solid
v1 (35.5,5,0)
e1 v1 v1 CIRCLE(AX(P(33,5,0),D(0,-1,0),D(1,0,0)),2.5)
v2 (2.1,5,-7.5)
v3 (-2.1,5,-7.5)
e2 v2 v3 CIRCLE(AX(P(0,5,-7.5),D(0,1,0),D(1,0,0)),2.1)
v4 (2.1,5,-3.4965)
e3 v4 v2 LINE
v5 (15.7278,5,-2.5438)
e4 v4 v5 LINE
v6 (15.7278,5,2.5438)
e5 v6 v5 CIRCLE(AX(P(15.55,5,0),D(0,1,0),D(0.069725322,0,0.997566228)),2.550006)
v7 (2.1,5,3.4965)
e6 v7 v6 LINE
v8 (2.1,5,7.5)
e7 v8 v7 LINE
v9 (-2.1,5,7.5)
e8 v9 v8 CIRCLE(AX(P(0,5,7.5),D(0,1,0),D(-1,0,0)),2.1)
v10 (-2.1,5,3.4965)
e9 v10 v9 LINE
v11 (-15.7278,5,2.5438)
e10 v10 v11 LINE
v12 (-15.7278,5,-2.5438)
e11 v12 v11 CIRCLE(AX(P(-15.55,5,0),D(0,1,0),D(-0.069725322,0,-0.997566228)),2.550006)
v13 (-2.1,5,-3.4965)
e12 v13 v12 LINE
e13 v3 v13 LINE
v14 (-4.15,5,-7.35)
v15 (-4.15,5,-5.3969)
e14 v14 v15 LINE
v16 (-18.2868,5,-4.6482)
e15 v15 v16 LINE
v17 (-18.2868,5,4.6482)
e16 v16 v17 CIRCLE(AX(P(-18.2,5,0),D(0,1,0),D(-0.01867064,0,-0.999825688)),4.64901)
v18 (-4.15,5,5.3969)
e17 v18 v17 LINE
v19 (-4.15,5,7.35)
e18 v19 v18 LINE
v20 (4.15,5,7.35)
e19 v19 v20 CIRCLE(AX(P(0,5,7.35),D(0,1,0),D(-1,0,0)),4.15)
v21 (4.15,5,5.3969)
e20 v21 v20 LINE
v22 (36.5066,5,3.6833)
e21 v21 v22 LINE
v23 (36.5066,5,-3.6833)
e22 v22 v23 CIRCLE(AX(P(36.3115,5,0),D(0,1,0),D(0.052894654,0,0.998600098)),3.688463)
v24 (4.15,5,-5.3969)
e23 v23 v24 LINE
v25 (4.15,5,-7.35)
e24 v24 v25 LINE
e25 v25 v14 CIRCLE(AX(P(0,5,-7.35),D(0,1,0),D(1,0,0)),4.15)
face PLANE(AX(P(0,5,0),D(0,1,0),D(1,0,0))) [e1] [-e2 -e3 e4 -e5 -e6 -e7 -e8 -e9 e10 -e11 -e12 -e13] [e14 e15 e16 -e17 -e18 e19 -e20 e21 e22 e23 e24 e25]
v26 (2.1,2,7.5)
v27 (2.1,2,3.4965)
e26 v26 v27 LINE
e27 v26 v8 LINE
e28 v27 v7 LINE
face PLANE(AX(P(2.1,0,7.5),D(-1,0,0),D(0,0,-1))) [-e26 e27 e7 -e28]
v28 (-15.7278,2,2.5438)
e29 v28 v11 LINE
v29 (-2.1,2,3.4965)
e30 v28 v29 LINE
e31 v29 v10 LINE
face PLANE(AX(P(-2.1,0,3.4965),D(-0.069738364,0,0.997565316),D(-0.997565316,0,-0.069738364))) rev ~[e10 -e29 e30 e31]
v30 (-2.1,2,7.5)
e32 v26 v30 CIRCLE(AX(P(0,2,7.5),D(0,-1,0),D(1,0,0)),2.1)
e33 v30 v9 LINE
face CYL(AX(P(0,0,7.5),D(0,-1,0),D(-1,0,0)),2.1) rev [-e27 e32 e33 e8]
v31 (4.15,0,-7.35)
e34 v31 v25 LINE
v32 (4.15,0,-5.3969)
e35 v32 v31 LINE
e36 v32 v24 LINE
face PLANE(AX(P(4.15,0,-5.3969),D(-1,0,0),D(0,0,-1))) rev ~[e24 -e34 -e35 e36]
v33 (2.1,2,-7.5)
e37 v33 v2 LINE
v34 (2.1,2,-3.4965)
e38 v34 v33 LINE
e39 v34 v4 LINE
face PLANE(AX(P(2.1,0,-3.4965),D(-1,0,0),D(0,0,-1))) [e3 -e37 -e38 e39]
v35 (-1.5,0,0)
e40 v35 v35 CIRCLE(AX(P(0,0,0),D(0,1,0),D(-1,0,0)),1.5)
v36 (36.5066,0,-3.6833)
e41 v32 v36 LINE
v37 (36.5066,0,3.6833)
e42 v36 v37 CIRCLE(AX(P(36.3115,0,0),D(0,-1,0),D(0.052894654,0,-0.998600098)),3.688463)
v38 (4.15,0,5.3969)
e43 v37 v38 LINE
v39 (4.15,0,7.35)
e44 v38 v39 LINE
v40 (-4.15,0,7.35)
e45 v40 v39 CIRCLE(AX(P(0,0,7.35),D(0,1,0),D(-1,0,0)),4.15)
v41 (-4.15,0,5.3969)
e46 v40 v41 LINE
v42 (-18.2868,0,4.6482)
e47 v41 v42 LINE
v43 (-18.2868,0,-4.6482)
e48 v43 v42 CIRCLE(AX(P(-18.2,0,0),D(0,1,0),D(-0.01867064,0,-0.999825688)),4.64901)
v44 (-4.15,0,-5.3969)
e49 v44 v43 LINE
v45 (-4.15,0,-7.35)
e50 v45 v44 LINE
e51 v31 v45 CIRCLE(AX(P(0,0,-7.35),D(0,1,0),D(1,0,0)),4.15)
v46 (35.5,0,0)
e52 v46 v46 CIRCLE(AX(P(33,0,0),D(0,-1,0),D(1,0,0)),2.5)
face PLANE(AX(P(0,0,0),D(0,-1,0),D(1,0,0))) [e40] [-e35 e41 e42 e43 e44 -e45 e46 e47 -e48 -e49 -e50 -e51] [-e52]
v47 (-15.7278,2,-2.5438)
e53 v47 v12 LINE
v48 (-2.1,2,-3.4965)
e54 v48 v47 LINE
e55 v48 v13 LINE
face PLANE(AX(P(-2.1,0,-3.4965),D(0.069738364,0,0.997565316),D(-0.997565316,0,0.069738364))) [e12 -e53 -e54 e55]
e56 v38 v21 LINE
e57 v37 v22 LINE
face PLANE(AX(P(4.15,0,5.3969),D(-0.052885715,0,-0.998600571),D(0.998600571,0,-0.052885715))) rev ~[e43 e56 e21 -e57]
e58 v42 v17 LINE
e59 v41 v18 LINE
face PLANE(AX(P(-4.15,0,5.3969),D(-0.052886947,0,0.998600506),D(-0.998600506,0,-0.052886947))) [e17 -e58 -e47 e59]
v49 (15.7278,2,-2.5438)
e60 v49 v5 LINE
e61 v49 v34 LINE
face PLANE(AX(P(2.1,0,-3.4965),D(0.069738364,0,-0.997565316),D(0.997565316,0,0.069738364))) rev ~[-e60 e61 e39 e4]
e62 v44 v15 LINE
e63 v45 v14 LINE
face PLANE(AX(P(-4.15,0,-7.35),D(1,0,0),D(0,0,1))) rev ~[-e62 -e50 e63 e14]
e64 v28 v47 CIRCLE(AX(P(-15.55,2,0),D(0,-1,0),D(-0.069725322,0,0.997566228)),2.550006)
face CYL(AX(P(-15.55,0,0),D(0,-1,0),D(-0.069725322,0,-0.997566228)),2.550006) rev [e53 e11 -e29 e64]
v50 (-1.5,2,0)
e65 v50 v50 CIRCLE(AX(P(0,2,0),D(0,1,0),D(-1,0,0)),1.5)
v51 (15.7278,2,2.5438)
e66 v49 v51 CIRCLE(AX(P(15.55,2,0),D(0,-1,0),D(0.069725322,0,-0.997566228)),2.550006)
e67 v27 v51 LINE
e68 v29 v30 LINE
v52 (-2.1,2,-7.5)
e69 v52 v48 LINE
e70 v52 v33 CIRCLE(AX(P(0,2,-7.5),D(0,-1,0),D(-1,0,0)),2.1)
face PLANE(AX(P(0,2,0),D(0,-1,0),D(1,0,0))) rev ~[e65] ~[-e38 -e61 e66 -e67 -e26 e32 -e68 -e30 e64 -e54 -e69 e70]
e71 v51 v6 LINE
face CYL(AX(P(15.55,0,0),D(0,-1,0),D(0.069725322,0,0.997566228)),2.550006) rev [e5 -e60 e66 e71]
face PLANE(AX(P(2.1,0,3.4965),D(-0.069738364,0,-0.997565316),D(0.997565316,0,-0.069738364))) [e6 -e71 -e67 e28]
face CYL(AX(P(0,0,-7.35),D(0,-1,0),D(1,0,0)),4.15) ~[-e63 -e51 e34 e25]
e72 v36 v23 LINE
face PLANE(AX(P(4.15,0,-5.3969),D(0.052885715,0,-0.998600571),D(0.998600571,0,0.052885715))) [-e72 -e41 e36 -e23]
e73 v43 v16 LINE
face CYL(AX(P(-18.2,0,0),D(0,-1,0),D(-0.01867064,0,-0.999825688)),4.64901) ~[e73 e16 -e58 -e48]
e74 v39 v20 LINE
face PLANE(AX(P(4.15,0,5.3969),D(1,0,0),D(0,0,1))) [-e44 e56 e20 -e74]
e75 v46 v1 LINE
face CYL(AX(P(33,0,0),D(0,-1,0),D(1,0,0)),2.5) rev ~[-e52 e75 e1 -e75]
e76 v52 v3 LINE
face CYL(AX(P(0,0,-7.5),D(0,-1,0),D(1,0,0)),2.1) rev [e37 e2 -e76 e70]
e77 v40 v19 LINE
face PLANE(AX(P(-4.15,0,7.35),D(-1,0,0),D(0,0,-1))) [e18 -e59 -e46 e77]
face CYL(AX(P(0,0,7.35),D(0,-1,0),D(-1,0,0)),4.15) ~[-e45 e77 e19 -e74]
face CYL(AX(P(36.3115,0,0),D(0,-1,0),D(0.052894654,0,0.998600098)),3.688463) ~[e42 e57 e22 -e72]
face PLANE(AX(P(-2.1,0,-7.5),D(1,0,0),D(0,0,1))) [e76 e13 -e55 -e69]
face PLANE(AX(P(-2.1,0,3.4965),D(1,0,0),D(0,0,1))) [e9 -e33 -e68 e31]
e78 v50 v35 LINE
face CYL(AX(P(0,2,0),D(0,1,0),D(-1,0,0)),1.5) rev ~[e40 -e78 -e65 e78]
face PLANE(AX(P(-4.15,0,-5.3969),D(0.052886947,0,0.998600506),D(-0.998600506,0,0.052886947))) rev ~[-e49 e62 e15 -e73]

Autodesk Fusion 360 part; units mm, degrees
sketch "Boceto1" plane through (0, 0, 0) normal (0, 1, 0) x (1, 0, 0)
  line L0 (0, 0) -> (0, 17.5982) construction
  line L1 (0, 0) -> (24, 0) construction
  line L2 (0, 0) -> (0, 7.35) construction
  line L3 (-4.15, -5.3969) -> (-18.2868, -4.6482)
  arc A0 (-18.2868, 4.6482) -> (-18.2868, -4.6482) centre (-18.2, 0) ccw
  line L4 (-4.15, 5.3969) -> (-18.2868, 4.6482)
  line L5 (-4.15, 7.35) -> (-4.15, 5.3969)
  arc A1 (4.15, 7.35) -> (-4.15, 7.35) centre (0, 7.35) ccw
  line L6 (4.15, 5.3969) -> (4.15, 7.35)
  line L7 (4.15, 5.3969) -> (36.5066, 3.6833)
  line L8 (4.15, -5.3969) -> (36.5066, -3.6833)
  line L9 (4.15, -5.3969) -> (4.15, -7.35)
  arc A2 (-4.15, -7.35) -> (4.15, -7.35) centre (0, -7.35) ccw
  line L10 (-4.15, -7.35) -> (-4.15, -5.3969)
  line L11 (40, 9) -> (40, -14)
  arc A3 (18.2443, -4.6505) -> (18.6472, -4.6291) centre (18.2, 0) ccw
  arc A4 (18.6472, 4.6291) -> (18.2443, 4.6505) centre (18.2, 0) ccw
  arc A5 (36.5066, -3.6833) -> (36.5066, 3.6833) centre (36.3115, 0) ccw
  arc A6 (2.1, 7.5) -> (-2.1, 7.5) centre (0, 7.5) ccw
  arc A7 (-2.1, -7.5) -> (2.1, -7.5) centre (0, -7.5) ccw
  line L12 (0, -7.5) -> (0, 7.5) construction
  line L13 (2.1, 3.4965) -> (15.7278, 2.5438)
  line L14 (2.1, -3.4965) -> (15.7278, -2.5438)
  line L15 (2.1, -7.5) -> (2.1, -3.4965)
  line L16 (2.1, 3.4965) -> (2.1, 7.5)
  arc A8 (15.7278, -2.5438) -> (15.7278, 2.5438) centre (15.55, 0) ccw
  line L17 (-2.1, 3.4965) -> (-15.7278, 2.5438)
  line L18 (-2.1, -3.4965) -> (-15.7278, -2.5438)
  arc A9 (-15.7278, 2.5438) -> (-15.7278, -2.5438) centre (-15.55, 0) ccw
  line L19 (-2.1, 7.5) -> (-2.1, 3.4965)
  line L20 (-2.1, -3.4965) -> (-2.1, -7.5)
  line L21 (-3.5359, 3.4965) -> (-2.1, 3.4965) construction
  point P0 (0, 9.5)
  point P1 (0, -9.5)
  point P2 (-20.85, 0)
  point P3 (20.85, 0)
  point P4 (0, 9.6)
  point P5 (0, -9.6)
  point P6 (0, 11.5)
  point P7 (-18.1, 0)
  point P8 (18.1, 0)
  dimension "d10" = 40
  dimension "d26" = 4.2
  dimension "d32" = 5.1
  dimension "d33" = 18.1
  dimension "d35" = 9.6
extrude "Extruir1" add sketch "Boceto1" along normal blind 5 contours L3 A0 L4 L5 A1 L6 L7 L8 L9 A2 L10 A5
sketch "Boceto2" plane through (0, 0, 0) normal (0, -1, 0) x (1, 0, 0)
  line L0 (36.5066, 3.6833) -> (4.15, 5.3969)
  line L1 (4.15, 5.3969) -> (4.15, 7.35)
  arc A0 (4.15, 7.35) -> (-4.15, 7.35) centre (0, 7.35) ccw
  line L2 (-4.15, 7.35) -> (-4.15, 5.3969)
  line L3 (-4.15, 5.3969) -> (-18.2868, 4.6482)
  arc A1 (-18.2868, 4.6482) -> (-18.2868, -4.6482) centre (-18.2, 0) ccw
  line L4 (-18.2868, -4.6482) -> (-4.15, -5.3969)
  line L5 (-4.15, -5.3969) -> (-4.15, -7.35)
  arc A2 (-4.15, -7.35) -> (4.15, -7.35) centre (0, -7.35) ccw
  line L6 (4.15, -7.35) -> (4.15, -5.3969)
  line L7 (4.15, -5.3969) -> (36.5066, -3.6833)
  arc A3 (36.5066, -3.6833) -> (36.5066, 3.6833) centre (36.3115, 0) ccw
  line L8 (4.15, 5.3969) -> (36.5066, 3.6833)
  line L9 (0, 0) -> (48.5, 0) construction
  circle A4 centre (33, 0) radius 2.5
  arc A5 (2.1, 7.5) -> (-2.1, 7.5) centre (0, 7.5) ccw
  arc A6 (-2.1, -7.5) -> (2.1, -7.5) centre (0, -7.5) ccw
  line L10 (2.1, -3.4965) -> (2.1, -7.5)
  line L11 (-2.1, -7.5) -> (-2.1, -3.4965)
  line L12 (-2.1, -3.4965) -> (-15.7278, -2.5438)
  arc A7 (-15.7278, 2.5438) -> (-15.7278, -2.5438) centre (-15.55, 0) ccw
  line L13 (-15.7278, 2.5438) -> (-2.1, 3.4965)
  line L14 (-2.1, 3.4965) -> (-2.1, 7.5)
  line L15 (2.1, 7.5) -> (2.1, 3.4965)
  line L16 (2.1, 3.4965) -> (15.7278, 2.5438)
  arc A8 (15.7278, -2.5438) -> (15.7278, 2.5438) centre (15.55, 0) ccw
  line L17 (15.7278, -2.5438) -> (2.1, -3.4965)
  point P0 (34.0022, 2.75)
  point P1 (32.9604, 2.4997)
  dimension "d21" = 5
  dimension "d22" = 33
extrude "Extruir3" cut sketch "Boceto2" against normal through all contours A4
extrude "Extrude4" add sketch "Boceto2" against normal blind 2 contours A5 A6 L10 L11 L12 A7 L13 L14 L15 L16 A8 L17
sketch "Boceto3" plane through (0, 2, 0) normal (0, 1, 0) x (-1, 0, 0)
  arc A0 (2.1, 7.5) -> (-2.1, 7.5) centre (0, 7.5) ccw
  line L0 (-2.1, 7.5) -> (-2.1, 3.4965)
  line L1 (-2.1, 3.4965) -> (-15.7278, 2.5438)
  arc A1 (-15.7278, 2.5438) -> (-15.7278, -2.5438) centre (-15.55, 0) ccw
  line L2 (-15.7278, -2.5438) -> (-2.1, -3.4965)
  line L3 (-2.1, -3.4965) -> (-2.1, -7.5)
  arc A2 (-2.1, -7.5) -> (2.1, -7.5) centre (0, -7.5) ccw
  line L4 (2.1, -7.5) -> (2.1, -3.4965)
  line L5 (2.1, -3.4965) -> (15.7278, -2.5438)
  arc A3 (15.7278, -2.5438) -> (15.7278, 2.5438) centre (15.55, 0) ccw
  line L6 (15.7278, 2.5438) -> (2.1, 3.4965)
  line L7 (2.1, 3.4965) -> (2.1, 7.5)
  circle A4 centre (0, 0) radius 1.5
  dimension "d38" = 3
extrude "Extruir5" cut sketch "Boceto3" against normal through all contours A4
sketch "Boceto4" plane through (0, 0, 0) normal (0, -1, 0) x (1, 0, 0)
  circle A0 centre (0, 0) radius 1.5
  circle A1 centre (33, 0) radius 2.5
  line L0 (36.5066, 3.6833) -> (4.15, 5.3969)
  line L1 (4.15, 5.3969) -> (4.15, 7.35)
  arc A2 (4.15, 7.35) -> (-4.15, 7.35) centre (0, 7.35) ccw
  line L2 (-4.15, 7.35) -> (-4.15, 5.3969)
  line L3 (-4.15, 5.3969) -> (-18.2868, 4.6482)
  arc A3 (-18.2868, 4.6482) -> (-18.2868, -4.6482) centre (-18.2, 0) ccw
  line L4 (-18.2868, -4.6482) -> (-4.15, -5.3969)
  line L5 (-4.15, -5.3969) -> (-4.15, -7.35)
  arc A4 (-4.15, -7.35) -> (4.15, -7.35) centre (0, -7.35) ccw
  line L6 (4.15, -7.35) -> (4.15, -5.3969)
  line L7 (4.15, -5.3969) -> (36.5066, -3.6833)
  arc A5 (36.5066, -3.6833) -> (36.5066, 3.6833) centre (36.3115, 0) ccw
  line L8 (-22.849, 0) -> (40, 0) construction
equation "d35 = ( 19.2 / 2 ) * 1 mm"
